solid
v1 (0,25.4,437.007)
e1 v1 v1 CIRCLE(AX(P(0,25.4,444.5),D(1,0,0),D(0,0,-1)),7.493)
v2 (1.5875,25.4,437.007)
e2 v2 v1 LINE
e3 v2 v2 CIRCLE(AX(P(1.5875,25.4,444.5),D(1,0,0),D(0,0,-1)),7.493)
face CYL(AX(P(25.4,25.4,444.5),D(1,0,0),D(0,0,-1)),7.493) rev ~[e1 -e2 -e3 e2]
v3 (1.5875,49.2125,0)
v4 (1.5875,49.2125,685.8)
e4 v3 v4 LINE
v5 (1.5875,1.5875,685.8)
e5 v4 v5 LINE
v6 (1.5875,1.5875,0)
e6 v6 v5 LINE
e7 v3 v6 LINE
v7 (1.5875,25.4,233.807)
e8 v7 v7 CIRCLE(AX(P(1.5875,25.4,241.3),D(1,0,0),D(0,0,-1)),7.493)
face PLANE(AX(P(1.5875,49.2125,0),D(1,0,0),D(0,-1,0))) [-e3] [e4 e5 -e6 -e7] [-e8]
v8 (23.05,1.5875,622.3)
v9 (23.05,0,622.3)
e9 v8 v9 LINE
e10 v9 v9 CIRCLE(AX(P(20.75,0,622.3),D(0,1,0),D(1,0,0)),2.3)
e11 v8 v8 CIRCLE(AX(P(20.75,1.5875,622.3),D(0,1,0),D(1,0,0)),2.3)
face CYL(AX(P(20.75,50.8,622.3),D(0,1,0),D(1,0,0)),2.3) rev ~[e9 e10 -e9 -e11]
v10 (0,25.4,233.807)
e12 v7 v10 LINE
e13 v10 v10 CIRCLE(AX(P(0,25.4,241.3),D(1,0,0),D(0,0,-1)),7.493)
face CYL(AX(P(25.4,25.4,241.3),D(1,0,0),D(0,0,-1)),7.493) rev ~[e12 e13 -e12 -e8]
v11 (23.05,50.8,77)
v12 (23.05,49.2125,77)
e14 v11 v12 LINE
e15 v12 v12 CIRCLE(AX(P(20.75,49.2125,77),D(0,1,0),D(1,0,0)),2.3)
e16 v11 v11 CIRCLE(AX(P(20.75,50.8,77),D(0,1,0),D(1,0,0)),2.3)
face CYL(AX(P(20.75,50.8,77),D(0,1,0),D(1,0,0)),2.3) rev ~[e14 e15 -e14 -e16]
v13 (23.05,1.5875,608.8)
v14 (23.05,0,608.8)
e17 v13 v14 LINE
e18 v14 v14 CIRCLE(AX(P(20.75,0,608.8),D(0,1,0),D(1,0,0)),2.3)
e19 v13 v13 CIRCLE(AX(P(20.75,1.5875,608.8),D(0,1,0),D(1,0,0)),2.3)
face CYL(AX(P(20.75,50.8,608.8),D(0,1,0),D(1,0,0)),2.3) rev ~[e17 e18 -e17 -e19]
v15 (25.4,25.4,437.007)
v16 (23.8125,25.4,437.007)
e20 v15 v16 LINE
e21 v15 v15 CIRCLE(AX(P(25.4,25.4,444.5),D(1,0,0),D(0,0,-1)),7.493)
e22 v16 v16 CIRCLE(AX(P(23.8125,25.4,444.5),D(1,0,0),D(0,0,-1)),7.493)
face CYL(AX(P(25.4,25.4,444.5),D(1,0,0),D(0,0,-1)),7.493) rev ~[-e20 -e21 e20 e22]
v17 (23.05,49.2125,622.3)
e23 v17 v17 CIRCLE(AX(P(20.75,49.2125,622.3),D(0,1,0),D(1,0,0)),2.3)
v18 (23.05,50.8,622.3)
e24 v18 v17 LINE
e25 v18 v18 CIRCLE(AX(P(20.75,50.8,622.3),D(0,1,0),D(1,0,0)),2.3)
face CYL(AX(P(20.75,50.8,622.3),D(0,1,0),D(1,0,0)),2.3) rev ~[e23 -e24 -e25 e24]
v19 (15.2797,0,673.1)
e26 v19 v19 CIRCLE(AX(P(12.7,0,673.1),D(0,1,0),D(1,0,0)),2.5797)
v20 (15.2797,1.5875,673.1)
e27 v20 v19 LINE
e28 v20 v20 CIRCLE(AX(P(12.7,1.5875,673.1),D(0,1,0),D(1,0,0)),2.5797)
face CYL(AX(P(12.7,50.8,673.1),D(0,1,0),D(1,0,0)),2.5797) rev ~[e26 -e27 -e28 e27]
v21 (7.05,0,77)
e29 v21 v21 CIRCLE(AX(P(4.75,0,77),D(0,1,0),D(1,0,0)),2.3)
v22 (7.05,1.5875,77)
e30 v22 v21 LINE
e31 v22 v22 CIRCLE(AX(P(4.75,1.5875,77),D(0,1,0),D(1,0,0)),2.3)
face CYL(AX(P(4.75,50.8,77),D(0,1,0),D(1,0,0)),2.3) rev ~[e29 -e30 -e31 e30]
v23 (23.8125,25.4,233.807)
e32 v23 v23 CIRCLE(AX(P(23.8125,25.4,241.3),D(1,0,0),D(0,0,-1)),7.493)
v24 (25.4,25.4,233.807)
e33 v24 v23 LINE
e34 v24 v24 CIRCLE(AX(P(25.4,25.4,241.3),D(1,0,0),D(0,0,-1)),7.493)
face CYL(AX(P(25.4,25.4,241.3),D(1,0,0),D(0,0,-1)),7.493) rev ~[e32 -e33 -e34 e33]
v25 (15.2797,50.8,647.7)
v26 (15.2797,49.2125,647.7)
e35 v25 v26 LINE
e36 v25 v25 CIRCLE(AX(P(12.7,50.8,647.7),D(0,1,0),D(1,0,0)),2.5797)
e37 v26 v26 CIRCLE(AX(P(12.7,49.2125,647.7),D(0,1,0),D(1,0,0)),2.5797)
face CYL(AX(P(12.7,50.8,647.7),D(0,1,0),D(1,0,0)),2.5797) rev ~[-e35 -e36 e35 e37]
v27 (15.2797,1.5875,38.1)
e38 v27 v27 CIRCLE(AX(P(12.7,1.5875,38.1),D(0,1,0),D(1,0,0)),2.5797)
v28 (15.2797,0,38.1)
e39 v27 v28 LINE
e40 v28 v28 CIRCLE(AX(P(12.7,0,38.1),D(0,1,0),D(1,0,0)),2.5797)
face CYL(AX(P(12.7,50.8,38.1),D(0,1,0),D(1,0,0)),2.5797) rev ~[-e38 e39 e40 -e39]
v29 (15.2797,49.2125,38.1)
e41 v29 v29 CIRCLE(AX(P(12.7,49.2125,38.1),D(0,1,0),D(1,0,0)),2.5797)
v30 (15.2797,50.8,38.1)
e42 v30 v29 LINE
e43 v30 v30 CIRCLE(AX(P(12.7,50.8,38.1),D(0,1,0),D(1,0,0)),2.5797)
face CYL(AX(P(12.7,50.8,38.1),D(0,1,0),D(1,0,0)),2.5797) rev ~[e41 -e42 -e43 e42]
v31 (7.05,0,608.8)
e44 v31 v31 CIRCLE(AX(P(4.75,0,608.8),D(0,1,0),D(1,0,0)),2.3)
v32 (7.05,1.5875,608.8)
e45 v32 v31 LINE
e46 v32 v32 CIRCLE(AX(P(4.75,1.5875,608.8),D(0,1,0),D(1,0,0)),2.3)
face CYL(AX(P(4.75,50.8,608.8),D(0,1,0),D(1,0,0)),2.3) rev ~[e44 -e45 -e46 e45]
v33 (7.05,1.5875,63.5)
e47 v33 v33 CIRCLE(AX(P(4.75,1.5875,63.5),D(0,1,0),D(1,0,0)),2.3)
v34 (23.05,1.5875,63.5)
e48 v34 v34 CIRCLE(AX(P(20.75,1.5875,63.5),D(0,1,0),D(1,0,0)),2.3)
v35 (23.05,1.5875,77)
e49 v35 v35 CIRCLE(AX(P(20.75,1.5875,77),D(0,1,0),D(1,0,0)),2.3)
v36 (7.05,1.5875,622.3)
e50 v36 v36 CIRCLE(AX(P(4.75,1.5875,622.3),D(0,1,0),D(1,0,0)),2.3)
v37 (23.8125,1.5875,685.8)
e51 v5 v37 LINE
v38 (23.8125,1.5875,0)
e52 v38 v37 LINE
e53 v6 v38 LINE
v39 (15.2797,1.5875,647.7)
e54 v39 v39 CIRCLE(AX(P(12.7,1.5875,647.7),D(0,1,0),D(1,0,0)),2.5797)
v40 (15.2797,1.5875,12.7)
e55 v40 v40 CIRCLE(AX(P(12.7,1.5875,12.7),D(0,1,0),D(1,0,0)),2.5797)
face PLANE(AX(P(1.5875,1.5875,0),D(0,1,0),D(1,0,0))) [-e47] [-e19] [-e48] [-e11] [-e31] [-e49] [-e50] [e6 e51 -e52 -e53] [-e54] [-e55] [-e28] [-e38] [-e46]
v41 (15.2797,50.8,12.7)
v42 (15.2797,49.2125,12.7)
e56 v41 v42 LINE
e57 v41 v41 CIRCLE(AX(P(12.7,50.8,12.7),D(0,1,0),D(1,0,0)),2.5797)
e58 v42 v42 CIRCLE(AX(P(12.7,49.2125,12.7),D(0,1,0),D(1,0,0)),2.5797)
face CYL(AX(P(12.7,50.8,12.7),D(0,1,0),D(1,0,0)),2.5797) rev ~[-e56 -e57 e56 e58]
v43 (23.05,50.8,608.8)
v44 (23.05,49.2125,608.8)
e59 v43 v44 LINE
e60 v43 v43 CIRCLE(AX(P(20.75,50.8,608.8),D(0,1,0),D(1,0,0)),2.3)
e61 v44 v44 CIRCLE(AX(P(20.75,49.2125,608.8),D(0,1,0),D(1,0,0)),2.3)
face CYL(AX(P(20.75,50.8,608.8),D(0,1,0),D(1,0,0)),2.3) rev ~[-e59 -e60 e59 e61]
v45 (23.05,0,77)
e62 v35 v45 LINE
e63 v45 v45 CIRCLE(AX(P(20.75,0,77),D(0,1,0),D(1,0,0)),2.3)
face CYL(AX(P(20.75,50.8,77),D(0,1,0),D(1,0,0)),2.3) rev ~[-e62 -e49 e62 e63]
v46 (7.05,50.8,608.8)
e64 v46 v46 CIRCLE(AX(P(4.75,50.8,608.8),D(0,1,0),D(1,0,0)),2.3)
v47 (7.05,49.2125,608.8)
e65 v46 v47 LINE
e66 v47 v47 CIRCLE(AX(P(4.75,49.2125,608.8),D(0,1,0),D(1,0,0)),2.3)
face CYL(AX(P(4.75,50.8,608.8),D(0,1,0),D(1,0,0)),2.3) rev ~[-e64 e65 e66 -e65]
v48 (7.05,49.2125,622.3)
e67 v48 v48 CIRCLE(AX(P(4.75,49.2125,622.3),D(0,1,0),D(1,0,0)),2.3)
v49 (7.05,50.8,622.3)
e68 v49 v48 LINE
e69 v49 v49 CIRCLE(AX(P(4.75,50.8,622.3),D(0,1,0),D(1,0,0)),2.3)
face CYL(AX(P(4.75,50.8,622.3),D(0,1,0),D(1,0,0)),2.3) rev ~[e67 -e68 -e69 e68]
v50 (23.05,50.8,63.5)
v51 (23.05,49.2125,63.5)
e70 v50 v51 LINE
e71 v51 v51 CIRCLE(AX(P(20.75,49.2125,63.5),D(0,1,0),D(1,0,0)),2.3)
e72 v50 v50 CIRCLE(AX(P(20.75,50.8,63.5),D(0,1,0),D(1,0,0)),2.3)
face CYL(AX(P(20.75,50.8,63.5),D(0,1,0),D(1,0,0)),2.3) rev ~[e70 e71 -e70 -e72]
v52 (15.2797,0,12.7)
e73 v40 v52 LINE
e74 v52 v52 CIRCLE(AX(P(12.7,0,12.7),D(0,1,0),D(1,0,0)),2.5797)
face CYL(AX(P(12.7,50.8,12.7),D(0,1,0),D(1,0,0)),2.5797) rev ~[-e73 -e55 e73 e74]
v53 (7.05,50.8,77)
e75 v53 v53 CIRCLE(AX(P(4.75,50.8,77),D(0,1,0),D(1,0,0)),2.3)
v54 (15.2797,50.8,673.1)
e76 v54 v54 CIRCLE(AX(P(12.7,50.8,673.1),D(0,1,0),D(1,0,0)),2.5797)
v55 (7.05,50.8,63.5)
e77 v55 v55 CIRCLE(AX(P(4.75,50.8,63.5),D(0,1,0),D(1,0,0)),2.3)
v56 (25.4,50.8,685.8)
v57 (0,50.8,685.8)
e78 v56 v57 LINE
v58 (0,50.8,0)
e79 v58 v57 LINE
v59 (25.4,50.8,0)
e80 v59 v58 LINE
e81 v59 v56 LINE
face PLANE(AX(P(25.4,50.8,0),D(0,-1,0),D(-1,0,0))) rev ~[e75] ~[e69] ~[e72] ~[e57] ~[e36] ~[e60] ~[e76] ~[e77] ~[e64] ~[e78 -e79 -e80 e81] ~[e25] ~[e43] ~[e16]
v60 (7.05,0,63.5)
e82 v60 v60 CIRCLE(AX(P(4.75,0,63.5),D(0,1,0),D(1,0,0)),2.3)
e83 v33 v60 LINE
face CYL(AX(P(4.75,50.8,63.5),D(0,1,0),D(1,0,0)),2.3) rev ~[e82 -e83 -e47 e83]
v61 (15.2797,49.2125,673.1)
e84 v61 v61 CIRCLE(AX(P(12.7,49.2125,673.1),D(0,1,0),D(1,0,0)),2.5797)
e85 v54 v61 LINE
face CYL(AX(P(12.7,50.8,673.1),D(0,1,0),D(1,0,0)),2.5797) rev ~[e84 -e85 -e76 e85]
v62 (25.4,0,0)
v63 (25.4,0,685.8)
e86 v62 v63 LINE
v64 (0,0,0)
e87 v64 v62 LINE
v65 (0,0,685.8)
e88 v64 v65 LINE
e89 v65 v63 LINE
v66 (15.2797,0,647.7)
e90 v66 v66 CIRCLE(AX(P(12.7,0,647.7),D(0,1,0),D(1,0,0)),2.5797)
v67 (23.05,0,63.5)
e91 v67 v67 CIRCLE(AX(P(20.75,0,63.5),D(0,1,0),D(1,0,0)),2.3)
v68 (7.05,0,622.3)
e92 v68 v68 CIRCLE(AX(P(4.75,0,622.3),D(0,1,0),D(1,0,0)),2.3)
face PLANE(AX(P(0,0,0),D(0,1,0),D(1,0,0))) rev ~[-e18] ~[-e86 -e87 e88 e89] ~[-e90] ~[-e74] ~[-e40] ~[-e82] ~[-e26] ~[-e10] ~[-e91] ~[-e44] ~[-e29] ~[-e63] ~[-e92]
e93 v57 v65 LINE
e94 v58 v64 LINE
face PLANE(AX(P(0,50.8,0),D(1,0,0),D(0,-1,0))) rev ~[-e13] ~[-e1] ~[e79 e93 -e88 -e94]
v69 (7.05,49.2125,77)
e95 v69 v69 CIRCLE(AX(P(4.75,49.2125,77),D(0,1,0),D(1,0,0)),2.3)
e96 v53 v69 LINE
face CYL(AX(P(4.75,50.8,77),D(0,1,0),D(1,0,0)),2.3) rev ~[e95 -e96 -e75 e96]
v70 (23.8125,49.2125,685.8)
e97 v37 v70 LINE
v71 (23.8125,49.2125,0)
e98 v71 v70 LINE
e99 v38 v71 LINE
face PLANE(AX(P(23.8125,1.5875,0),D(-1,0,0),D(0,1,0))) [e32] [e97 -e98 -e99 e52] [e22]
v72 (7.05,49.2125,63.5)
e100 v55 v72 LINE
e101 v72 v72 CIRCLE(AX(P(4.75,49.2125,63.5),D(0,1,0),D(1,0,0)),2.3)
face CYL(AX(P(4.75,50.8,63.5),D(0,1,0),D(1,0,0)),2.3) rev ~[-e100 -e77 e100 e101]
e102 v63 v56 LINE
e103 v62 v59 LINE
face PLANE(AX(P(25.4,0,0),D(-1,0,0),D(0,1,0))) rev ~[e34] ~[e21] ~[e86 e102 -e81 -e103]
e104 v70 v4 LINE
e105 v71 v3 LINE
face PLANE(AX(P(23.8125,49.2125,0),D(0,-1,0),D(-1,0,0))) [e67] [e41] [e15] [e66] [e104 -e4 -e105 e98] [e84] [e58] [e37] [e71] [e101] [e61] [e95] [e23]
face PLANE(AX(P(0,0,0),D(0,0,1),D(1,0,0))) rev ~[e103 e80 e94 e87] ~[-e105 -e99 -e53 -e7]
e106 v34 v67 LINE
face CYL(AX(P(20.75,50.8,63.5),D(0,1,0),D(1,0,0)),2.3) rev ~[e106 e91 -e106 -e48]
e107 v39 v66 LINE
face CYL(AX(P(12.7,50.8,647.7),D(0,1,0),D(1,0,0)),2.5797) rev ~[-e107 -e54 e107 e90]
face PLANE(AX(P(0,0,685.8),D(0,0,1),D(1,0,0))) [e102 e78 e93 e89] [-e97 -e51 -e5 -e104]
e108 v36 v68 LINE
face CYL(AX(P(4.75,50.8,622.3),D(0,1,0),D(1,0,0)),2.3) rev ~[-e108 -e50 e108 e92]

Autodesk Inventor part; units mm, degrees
ref_plane "YZ Plane" through (0, 0, 0) normal (1, 0, 0) x (0, 1, 0)
ref_plane "XZ Plane" through (0, 0, 0) normal (0, 1, 0) x (-1, 0, 0)
ref_plane "XY Plane" through (0, 0, 0) normal (0, 0, 1) x (1, 0, 0)
sketch "Sketch1" plane through (0, 0, 0) normal (0, 0, 1) x (1, 0, 0)
  line L0 (0, 0) -> (25.4, 0)
  line L1 (25.4, 0) -> (25.4, 50.8)
  line L2 (25.4, 50.8) -> (0, 50.8)
  line L3 (0, 50.8) -> (0, 0)
  line L4 (1.5875, 1.5875) -> (23.8125, 1.5875)
  line L5 (23.8125, 1.5875) -> (23.8125, 49.2125)
  line L6 (23.8125, 49.2125) -> (1.5875, 49.2125)
  line L7 (1.5875, 49.2125) -> (1.5875, 1.5875)
  dimension "d0" = 25.4
  dimension "d1" = 50.8
  dimension "d2" = 1.5875
extrude "Extrusion1" add sketch "Sketch1" along normal blind 685.8
sketch "Sketch2" plane through (0, 50.8, 0) normal (0, 1, 0) x (1, 0, 0)
  line L0 (25.4, 0) -> (0, 0) construction
  line L1 (12.7, 0) -> (12.7, -12.7) construction
  line L2 (12.7, -12.7) -> (12.7, -38.1) construction
  line L3 (0, 0) -> (0, -685.8) construction
  line L4 (0, -342.9) -> (25.4, -342.9) construction
  circle A0 centre (12.7, -38.1) radius 2.5797
  circle A1 centre (12.7, -12.7) radius 2.5797
  line L5 (25.4, -685.8) -> (0, -685.8) construction
  line L6 (12.7, -685.8) -> (12.7, -673.1) construction
  line L7 (12.7, -673.1) -> (12.7, -647.7) construction
  line L8 (0, -685.8) -> (0, 0) construction
  circle A2 centre (12.7, -647.7) radius 2.5797
  circle A3 centre (12.7, -673.1) radius 2.5797
  dimension "d5" = 12.7
  dimension "d6" = 25.4
  dimension "d7" = 5.1594
extrude "Extrusion2" cut sketch "Sketch2" against normal blind 165.1
sketch "Sketch6" plane through (25.4, 0, 0) normal (1, 0, 0) x (0, 0, -1)
  line L0 (0, 50.8) -> (0, 0) construction
  line L1 (0, 25.4) -> (-241.3, 25.4) construction
  line L2 (0, 49.2125) -> (-685.8, 49.2125) construction
  line L3 (-342.9, 49.2125) -> (-342.9, -29.9468) construction
  circle A0 centre (-241.3, 25.4) radius 7.493
  circle A1 centre (-444.5, 25.4) radius 7.493
  dimension "d32" = 241.3
  dimension "d33" = 14.986
extrude "Extrusion9" cut sketch "Sketch6" against normal blind 25.4
sketch "Sketch7" plane through (0, 50.8, 0) normal (0, 1, 0) x (1, 0, 0)
  line L0 (0, 0) -> (0, -83.35) construction
  line L1 (0, 0) -> (0, -685.8) construction
  line L2 (0, -83.35) -> (0, -77) construction
  line L3 (0, -77) -> (4.75, -77) construction
  line L4 (4.75, -77) -> (20.75, -77) construction
  line L5 (20.75, -77) -> (20.75, -63.5) construction
  line L6 (20.75, -63.5) -> (4.75, -63.5) construction
  circle A0 centre (4.75, -77) radius 2.3
  circle A1 centre (4.75, -63.5) radius 2.3
  circle A2 centre (20.75, -63.5) radius 2.3
  circle A3 centre (20.75, -77) radius 2.3
  line L7 (25.4, 0) -> (25.4, -685.8) construction
  line L8 (25.4, -342.9) -> (0, -342.9) construction
  circle A4 centre (4.75, -608.8) radius 2.3
  circle A5 centre (4.75, -622.3) radius 2.3
  circle A6 centre (20.75, -622.3) radius 2.3
  circle A7 centre (20.75, -608.8) radius 2.3
  dimension "d37" = 83.35
  dimension "d38" = 6.35
  dimension "d39" = 4.75
  dimension "d40" = 16
  dimension "d41" = 13.5
  dimension "d42" = 4.6
  dimension "d45" = 4.6
  dimension "d46" = 4.6
  dimension "d47" = 4.6
extrude "Extrusion10" cut sketch "Sketch7" against normal blind 100.0125
properties part number "1x1 27in"
